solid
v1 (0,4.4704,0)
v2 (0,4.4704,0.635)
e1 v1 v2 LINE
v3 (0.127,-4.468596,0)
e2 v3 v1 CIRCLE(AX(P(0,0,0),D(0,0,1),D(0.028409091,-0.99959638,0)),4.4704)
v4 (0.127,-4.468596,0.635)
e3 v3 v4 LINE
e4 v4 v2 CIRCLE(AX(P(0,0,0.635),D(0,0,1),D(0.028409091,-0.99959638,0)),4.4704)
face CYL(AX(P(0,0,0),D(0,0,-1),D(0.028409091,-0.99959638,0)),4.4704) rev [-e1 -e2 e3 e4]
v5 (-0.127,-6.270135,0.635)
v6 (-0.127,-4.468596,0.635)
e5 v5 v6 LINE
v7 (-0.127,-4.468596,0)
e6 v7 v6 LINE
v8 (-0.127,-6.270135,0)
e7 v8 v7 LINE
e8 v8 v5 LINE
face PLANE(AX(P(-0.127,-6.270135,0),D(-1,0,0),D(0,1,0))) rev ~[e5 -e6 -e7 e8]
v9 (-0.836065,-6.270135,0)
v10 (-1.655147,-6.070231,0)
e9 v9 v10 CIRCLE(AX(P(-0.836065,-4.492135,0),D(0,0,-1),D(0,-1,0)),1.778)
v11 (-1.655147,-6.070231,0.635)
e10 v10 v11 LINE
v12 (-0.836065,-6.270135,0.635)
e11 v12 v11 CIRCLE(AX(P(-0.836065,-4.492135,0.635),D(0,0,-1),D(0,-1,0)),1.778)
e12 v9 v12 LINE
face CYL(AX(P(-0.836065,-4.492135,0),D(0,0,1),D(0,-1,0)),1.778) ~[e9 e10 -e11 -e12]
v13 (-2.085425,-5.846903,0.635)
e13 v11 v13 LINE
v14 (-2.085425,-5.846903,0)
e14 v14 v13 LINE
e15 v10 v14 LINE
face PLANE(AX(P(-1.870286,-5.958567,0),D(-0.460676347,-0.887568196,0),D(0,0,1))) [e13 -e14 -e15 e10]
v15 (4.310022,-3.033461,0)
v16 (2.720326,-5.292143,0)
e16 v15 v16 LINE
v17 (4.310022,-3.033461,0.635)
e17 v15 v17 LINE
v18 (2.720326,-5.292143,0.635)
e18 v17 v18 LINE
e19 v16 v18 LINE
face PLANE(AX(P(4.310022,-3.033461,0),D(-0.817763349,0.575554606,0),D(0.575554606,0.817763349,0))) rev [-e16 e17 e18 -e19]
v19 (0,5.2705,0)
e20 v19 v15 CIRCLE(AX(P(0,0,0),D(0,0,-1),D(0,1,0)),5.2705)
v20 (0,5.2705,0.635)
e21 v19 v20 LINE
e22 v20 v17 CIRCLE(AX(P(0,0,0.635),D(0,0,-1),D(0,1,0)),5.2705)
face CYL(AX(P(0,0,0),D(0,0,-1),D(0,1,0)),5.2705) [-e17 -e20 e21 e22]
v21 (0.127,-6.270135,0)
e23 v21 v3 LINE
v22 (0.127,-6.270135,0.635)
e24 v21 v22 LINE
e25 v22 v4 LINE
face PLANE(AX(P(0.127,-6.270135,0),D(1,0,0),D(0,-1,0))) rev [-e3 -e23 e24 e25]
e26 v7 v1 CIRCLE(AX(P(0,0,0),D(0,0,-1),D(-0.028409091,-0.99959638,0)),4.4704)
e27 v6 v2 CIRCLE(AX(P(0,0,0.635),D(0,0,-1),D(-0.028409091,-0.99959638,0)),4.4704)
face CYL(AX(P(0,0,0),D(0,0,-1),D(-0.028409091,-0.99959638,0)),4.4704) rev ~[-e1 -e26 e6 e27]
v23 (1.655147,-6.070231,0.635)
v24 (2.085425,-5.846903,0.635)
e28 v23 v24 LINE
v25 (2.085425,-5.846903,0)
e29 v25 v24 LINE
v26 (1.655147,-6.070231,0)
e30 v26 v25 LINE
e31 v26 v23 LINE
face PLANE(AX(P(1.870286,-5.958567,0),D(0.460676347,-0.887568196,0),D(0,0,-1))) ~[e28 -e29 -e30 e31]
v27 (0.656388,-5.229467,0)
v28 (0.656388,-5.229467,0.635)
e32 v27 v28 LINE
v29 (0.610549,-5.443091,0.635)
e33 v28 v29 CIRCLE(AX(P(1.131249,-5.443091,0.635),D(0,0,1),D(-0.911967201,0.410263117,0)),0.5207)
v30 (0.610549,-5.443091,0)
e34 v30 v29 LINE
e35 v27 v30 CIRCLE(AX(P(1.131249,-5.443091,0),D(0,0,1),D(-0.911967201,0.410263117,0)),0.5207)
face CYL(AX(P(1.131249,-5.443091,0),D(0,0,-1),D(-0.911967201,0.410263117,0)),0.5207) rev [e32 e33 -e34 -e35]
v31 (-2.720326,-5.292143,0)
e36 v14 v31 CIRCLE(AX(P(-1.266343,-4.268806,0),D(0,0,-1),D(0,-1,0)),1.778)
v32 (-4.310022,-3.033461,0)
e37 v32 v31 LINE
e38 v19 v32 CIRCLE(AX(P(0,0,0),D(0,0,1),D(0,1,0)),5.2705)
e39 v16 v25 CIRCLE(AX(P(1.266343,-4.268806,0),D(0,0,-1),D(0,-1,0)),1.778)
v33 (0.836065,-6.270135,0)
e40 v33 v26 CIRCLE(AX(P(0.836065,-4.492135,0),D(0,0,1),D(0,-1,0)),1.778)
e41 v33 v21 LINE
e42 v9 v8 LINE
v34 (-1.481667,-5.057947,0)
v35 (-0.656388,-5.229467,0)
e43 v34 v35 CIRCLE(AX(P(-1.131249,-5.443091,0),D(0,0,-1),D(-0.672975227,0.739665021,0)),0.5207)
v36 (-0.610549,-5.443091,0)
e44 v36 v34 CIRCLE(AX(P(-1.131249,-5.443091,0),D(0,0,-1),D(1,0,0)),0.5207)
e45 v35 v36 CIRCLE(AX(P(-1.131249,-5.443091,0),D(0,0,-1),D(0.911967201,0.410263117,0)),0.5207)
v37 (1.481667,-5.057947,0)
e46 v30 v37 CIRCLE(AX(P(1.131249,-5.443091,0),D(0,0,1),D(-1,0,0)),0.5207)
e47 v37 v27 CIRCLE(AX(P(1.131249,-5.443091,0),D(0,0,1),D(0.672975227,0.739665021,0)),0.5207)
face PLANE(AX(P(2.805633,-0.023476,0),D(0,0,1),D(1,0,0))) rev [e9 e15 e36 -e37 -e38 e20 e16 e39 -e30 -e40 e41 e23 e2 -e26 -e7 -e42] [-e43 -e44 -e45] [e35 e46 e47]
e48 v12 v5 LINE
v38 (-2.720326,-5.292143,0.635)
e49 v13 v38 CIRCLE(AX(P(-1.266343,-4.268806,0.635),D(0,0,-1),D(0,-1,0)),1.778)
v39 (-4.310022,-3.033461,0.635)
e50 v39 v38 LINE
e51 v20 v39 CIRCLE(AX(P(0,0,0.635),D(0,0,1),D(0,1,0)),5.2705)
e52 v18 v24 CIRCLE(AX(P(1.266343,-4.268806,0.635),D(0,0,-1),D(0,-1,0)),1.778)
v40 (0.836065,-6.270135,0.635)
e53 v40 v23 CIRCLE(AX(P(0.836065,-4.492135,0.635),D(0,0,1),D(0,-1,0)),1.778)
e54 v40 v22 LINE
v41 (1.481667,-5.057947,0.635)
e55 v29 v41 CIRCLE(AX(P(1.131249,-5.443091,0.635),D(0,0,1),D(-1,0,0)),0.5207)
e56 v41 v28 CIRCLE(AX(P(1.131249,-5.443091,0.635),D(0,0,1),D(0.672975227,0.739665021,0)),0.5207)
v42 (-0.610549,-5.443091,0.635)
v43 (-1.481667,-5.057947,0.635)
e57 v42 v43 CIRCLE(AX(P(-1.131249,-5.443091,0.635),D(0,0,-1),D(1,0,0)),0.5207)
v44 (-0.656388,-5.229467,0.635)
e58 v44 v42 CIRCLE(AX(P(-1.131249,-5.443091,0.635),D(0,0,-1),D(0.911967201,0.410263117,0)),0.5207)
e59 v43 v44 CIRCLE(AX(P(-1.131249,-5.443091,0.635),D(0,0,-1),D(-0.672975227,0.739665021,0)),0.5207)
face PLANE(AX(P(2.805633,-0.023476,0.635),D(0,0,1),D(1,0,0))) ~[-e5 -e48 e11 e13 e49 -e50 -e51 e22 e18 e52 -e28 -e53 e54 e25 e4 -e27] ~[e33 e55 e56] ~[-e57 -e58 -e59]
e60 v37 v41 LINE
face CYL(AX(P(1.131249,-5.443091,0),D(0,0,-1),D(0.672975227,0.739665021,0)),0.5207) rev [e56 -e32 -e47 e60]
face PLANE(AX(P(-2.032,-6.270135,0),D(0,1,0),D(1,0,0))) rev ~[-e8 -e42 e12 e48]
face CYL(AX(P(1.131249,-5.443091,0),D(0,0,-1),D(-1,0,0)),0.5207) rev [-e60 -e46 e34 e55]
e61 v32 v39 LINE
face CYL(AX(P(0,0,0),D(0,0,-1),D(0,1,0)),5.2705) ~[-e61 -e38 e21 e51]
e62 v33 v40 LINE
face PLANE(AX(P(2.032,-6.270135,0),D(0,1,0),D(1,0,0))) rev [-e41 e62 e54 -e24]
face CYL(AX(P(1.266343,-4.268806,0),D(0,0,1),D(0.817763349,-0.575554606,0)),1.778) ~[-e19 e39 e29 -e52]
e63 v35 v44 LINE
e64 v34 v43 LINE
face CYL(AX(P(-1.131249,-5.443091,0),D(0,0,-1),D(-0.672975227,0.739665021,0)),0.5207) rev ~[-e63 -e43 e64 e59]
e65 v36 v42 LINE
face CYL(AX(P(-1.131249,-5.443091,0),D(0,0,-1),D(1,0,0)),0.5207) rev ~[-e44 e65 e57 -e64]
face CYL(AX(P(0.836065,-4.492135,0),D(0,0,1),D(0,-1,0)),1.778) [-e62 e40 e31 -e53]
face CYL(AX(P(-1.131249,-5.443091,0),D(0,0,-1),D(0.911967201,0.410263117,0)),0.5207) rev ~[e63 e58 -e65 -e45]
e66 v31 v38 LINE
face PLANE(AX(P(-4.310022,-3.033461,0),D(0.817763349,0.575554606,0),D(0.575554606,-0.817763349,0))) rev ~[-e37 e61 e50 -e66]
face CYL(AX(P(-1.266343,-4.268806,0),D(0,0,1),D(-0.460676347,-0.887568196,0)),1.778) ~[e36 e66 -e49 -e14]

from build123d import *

# Parameters (mm, degrees)
F1_DEPTH = 0.635
F3_SIZE  = 0.762
F4_R     = 1.778


with BuildPart() as f1:
    # F0 (on Top) → F1 (new body)
    with BuildSketch(Plane.XY):
        with BuildLine():
            ThreePointArc((-0.127, -4.4685956586), (-4.4699488919, 0.0635064084), (0, 4.4704))
            Line((0, 4.4704), (0, 5.2705))
            ThreePointArc((0, 5.2705), (-4.6779281786, 2.4279946882), (-4.3100217321, -3.0334605518))
            ThreePointArc((-4.3100217321, -3.0334605518), (-3.0676623044, -4.285745937), (-1.4816672103, -5.057947462))
            ThreePointArc((-1.4816672103, -5.057947462), (-1.0252949469, -4.933284971), (-0.6563876884, -5.2294670333))
            ThreePointArc((-0.6563876884, -5.2294670333), (-0.3921915118, -5.2558877526), (-0.127, -5.2689696573))
            Line((-0.127, -5.2689696573), (-0.127, -4.9438178115))
            Line((-0.127, -4.9438178115), (-0.127, -4.4685956586))
        make_face()
        with BuildLine():
            ThreePointArc((-1.4816672103, -5.057947462), (-3.0676623044, -4.285745937), (-4.3100217321, -3.0334605518))
            Line((-4.3100217321, -3.0334605518), (-2.032, -6.2701346419))
            Line((-2.032, -6.2701346419), (-0.127, -6.2701346419))
            Line((-0.127, -6.2701346419), (-0.127, -5.2689696573))
            ThreePointArc((-0.127, -5.2689696573), (-0.3921915118, -5.2558877526), (-0.6563876884, -5.2294670333))
            ThreePointArc((-0.6563876884, -5.2294670333), (-0.6221376368, -5.333847732), (-0.6105490096, -5.4430910386))
            ThreePointArc((-0.6105490096, -5.4430910386), (-1.3418027236, -5.9193216797), (-1.4816672103, -5.057947462))
        make_face()
    extrude(amount=F1_DEPTH)

    # F2: F1 across plane


with BuildPart() as f1_1:
    add(f1.part)
    add(f1.part.mirror(Plane.YZ))

    # F3
    f3_edges = [f1_1.edges().sort_by_distance(p)[0] for p in [
        (-2.032, -6.270135, 0.3175),
        (2.032, -6.270135, 0.3175),
    ]]
    chamfer(f3_edges, length=F3_SIZE)

    # F4
    f4_edges = [f1_1.edges().sort_by_distance(p)[0] for p in [
        (-1.27, -6.270135, 0.3175),
        (-2.470573, -5.646999, 0.3175),
        (1.27, -6.270135, 0.3175),
        (2.470573, -5.646999, 0.3175),
    ]]
    fillet(f4_edges, radius=F4_R)


solid = f1_1.part
